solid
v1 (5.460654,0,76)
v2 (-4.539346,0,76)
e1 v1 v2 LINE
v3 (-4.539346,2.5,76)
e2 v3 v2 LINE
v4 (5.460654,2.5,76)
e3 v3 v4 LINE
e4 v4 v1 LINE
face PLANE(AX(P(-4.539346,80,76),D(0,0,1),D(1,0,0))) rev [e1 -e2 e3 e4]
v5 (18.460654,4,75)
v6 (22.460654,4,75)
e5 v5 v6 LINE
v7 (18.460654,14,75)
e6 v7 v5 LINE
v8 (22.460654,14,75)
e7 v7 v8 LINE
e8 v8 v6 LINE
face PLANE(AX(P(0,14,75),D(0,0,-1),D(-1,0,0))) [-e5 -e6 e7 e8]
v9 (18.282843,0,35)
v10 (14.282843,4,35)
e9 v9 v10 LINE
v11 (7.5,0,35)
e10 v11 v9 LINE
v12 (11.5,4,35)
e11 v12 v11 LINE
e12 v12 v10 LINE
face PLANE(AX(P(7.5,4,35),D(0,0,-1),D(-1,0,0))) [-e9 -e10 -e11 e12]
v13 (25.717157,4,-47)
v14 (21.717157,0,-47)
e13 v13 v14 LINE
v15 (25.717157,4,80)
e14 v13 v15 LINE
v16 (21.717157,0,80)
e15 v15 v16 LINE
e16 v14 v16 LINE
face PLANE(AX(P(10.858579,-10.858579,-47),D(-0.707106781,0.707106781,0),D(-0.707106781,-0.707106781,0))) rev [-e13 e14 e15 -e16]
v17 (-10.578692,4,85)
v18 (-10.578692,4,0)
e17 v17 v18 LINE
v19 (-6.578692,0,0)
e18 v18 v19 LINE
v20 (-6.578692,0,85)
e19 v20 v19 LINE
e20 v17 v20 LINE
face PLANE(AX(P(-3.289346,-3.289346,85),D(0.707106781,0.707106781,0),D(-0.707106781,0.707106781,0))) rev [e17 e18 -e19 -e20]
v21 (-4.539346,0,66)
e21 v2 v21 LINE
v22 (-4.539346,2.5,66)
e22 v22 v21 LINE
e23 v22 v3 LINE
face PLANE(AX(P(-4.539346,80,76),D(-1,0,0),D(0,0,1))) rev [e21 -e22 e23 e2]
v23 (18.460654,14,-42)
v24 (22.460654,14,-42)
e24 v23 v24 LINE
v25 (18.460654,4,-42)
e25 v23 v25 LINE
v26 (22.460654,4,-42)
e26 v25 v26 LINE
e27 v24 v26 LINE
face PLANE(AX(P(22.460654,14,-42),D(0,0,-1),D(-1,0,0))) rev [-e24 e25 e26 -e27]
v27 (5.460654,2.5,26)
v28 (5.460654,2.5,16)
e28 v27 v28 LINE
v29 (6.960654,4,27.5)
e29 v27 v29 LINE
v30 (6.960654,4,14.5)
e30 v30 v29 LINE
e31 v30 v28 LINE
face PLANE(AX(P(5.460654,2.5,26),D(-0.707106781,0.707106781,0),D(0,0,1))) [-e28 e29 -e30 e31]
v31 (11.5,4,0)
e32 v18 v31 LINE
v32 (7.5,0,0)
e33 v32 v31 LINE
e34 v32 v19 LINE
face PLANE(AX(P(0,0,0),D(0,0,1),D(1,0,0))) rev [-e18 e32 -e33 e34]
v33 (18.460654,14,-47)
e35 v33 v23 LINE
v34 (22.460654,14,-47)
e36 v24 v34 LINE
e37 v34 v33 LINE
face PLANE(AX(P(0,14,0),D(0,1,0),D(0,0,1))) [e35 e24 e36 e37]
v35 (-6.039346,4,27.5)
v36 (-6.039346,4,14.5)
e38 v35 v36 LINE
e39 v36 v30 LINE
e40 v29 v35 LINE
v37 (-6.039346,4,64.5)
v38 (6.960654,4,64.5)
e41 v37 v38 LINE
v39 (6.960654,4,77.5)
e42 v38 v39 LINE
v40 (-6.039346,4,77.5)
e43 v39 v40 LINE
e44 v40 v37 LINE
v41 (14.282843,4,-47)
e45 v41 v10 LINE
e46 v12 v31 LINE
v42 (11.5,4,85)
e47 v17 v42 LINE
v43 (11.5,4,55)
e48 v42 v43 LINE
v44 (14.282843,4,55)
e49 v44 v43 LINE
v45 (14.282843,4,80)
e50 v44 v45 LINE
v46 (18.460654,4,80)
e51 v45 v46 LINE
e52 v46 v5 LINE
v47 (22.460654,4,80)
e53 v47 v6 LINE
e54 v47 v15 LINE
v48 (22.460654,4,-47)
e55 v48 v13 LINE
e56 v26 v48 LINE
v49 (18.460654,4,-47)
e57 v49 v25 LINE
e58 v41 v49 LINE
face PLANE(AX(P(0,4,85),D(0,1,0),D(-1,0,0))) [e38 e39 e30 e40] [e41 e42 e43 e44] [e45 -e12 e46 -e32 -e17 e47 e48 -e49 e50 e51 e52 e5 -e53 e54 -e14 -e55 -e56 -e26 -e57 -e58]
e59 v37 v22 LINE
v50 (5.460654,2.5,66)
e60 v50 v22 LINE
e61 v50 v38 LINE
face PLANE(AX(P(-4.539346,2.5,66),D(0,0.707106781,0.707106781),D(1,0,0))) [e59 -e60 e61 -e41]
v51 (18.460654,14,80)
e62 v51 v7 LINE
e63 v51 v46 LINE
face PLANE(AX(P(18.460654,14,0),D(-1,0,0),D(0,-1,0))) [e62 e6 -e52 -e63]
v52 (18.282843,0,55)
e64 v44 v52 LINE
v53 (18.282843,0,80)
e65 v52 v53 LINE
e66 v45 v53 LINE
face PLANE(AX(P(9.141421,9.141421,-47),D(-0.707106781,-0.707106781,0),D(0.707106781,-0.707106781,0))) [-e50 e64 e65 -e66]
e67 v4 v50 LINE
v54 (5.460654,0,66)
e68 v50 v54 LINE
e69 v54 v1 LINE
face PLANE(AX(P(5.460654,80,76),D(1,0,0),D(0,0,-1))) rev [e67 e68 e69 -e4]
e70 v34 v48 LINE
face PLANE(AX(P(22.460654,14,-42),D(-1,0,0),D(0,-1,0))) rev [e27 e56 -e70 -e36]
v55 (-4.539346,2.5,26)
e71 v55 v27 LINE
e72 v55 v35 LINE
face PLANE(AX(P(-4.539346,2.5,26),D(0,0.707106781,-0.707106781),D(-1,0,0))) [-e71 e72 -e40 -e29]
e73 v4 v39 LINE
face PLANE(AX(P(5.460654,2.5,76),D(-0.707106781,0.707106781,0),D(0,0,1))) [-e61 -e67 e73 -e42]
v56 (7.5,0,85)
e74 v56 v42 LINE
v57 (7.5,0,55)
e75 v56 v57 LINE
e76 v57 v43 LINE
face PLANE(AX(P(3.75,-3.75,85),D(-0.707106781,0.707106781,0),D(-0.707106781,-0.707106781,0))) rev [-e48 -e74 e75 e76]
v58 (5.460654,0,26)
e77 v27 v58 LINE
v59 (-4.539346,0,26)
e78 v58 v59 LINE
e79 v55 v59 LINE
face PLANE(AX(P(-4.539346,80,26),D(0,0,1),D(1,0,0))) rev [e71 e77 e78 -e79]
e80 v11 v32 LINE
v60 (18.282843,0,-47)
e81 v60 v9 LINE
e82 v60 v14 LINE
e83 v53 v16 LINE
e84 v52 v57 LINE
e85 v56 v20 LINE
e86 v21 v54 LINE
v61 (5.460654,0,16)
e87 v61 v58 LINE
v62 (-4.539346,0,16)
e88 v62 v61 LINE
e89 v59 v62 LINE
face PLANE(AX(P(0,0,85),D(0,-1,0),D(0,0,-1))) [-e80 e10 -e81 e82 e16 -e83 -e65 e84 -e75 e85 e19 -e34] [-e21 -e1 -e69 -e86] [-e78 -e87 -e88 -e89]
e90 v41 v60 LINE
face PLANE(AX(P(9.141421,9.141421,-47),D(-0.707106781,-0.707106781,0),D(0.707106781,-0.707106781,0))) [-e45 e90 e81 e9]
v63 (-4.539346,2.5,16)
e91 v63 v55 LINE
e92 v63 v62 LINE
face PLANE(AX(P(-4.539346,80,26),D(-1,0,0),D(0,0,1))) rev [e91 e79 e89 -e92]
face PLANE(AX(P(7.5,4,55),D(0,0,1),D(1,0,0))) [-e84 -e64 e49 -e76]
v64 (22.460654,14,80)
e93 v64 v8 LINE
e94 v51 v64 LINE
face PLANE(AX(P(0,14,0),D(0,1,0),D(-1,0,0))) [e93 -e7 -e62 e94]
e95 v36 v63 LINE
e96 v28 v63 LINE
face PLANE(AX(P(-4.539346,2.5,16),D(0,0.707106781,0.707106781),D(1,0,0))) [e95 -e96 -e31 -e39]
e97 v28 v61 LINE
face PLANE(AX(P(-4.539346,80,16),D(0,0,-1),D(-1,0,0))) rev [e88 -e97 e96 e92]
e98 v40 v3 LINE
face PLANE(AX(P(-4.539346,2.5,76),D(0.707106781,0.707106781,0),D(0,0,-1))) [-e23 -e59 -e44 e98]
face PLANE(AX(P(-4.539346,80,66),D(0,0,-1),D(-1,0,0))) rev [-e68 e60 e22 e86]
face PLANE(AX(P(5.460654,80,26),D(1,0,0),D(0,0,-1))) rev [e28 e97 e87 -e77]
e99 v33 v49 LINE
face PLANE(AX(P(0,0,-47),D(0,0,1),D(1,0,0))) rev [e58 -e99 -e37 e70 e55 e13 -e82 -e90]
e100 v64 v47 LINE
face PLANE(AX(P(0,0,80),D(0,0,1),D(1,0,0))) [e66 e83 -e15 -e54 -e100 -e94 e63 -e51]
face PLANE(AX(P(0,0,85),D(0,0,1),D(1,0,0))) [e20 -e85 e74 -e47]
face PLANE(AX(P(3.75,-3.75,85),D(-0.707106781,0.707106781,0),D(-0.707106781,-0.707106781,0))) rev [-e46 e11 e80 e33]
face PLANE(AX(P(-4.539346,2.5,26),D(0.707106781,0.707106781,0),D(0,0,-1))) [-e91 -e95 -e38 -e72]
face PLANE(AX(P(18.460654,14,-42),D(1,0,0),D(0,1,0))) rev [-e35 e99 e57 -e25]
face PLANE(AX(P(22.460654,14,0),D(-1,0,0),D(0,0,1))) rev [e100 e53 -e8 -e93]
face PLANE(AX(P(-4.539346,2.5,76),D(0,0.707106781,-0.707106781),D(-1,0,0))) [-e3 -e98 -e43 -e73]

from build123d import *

# Parameters (mm, degrees)
DODANIE_WYCI_GNI_CIE1_DEPTH      = 85
SZKIC2_W                         = 10
SZKIC2_H                         = 10
WYTNIJ_WYCI_GNI_CIE1_DEPTH       = 80
DODANIE_WYCI_GNI_CIE3_DEPTH      = 80
DODANIE_WYCI_GNI_CIE3_DEPTH_BACK = 47
SZKIC4_W                         = 10.782842712
SZKIC4_H                         = 20
DODANIE_WYCI_GNI_CIE4_DEPTH      = 4
SZKIC5_W                         = 4
SZKIC5_H                         = 5
DODANIE_WYCI_GNI_CIE5_DEPTH      = 10
SZKIC6_W                         = 4
SZKIC6_H                         = 5
DODANIE_WYCI_GNI_CIE6_DEPTH      = 10
SFAZOWANIE1_SIZE                 = 1.5


with BuildPart() as part:
    # Szkic1 → Dodanie-wyciągnięcie1 (new body)
    with BuildSketch(Plane.XY):
        Polygon((7.5, 0), (11.5, 4), (-10.578691808, 4), (-6.578691808, 0), align=None)
    extrude(amount=DODANIE_WYCI_GNI_CIE1_DEPTH)

    # Szkic2 → Wytnij-wyciągnięcie1 (cut)
    with BuildSketch(Plane.XZ):
        with Locations((0.460654096, 21)):
            Rectangle(SZKIC2_W, SZKIC2_H)
        with Locations((0.460654096, 71)):
            Rectangle(SZKIC2_W, SZKIC2_H)
    extrude(amount=-WYTNIJ_WYCI_GNI_CIE1_DEPTH, mode=Mode.SUBTRACT)



with BuildPart() as body_2:
    # Szkic1<4> → Dodanie-wyciągnięcie3 (new, two sides: drawn at the far end of the back side and taken through both)
    with BuildSketch(Plane.XY.offset(-DODANIE_WYCI_GNI_CIE3_DEPTH_BACK)):
        Polygon((14.282842712, 4), (18.282842712, 0), (21.717157288, 0), (25.717157288, 4), align=None)
    extrude(amount=DODANIE_WYCI_GNI_CIE3_DEPTH + DODANIE_WYCI_GNI_CIE3_DEPTH_BACK)


with BuildPart() as part_1:
    add(part.part)

    add(body_2.part)  # Dodanie-wyciągnięcie4 merges body 2
    # Szkic4 → Dodanie-wyciągnięcie4 (add)
    with BuildSketch(Plane.XZ):
        with Locations((12.891421356, 45)):
            Rectangle(SZKIC4_W, SZKIC4_H)
    extrude(amount=-DODANIE_WYCI_GNI_CIE4_DEPTH)

    # Szkic5 → Dodanie-wyciągnięcie5 (add)
    with BuildSketch(Plane(origin=(0, 4, 0), x_dir=(1, 0, 0), z_dir=(0, 1, 0))):
        with Locations((20.460654096, -77.5)):
            Rectangle(SZKIC5_W, SZKIC5_H)
    extrude(amount=DODANIE_WYCI_GNI_CIE5_DEPTH)

    # Szkic6 → Dodanie-wyciągnięcie6 (add)
    with BuildSketch(Plane(origin=(0, 4, 0), x_dir=(1, 0, 0), z_dir=(0, 1, 0))):
        with Locations((20.460654096, 44.5)):
            Rectangle(SZKIC6_W, SZKIC6_H)
    extrude(amount=DODANIE_WYCI_GNI_CIE6_DEPTH)

    # Sfazowanie1
    sfazowanie1_edges = [part_1.edges().sort_by_distance(p)[0] for p in [
        (0.460654096, 4, 76),
        (-4.539345904, 4, 71),
        (0.460654096, 4, 66),
        (5.460654096, 4, 71),
        (0.460654096, 4, 26),
        (-4.539345904, 4, 21),
        (0.460654096, 4, 16),
        (5.460654096, 4, 21),
    ]]
    chamfer(sfazowanie1_edges, length=SFAZOWANIE1_SIZE)


solid = part_1.part
